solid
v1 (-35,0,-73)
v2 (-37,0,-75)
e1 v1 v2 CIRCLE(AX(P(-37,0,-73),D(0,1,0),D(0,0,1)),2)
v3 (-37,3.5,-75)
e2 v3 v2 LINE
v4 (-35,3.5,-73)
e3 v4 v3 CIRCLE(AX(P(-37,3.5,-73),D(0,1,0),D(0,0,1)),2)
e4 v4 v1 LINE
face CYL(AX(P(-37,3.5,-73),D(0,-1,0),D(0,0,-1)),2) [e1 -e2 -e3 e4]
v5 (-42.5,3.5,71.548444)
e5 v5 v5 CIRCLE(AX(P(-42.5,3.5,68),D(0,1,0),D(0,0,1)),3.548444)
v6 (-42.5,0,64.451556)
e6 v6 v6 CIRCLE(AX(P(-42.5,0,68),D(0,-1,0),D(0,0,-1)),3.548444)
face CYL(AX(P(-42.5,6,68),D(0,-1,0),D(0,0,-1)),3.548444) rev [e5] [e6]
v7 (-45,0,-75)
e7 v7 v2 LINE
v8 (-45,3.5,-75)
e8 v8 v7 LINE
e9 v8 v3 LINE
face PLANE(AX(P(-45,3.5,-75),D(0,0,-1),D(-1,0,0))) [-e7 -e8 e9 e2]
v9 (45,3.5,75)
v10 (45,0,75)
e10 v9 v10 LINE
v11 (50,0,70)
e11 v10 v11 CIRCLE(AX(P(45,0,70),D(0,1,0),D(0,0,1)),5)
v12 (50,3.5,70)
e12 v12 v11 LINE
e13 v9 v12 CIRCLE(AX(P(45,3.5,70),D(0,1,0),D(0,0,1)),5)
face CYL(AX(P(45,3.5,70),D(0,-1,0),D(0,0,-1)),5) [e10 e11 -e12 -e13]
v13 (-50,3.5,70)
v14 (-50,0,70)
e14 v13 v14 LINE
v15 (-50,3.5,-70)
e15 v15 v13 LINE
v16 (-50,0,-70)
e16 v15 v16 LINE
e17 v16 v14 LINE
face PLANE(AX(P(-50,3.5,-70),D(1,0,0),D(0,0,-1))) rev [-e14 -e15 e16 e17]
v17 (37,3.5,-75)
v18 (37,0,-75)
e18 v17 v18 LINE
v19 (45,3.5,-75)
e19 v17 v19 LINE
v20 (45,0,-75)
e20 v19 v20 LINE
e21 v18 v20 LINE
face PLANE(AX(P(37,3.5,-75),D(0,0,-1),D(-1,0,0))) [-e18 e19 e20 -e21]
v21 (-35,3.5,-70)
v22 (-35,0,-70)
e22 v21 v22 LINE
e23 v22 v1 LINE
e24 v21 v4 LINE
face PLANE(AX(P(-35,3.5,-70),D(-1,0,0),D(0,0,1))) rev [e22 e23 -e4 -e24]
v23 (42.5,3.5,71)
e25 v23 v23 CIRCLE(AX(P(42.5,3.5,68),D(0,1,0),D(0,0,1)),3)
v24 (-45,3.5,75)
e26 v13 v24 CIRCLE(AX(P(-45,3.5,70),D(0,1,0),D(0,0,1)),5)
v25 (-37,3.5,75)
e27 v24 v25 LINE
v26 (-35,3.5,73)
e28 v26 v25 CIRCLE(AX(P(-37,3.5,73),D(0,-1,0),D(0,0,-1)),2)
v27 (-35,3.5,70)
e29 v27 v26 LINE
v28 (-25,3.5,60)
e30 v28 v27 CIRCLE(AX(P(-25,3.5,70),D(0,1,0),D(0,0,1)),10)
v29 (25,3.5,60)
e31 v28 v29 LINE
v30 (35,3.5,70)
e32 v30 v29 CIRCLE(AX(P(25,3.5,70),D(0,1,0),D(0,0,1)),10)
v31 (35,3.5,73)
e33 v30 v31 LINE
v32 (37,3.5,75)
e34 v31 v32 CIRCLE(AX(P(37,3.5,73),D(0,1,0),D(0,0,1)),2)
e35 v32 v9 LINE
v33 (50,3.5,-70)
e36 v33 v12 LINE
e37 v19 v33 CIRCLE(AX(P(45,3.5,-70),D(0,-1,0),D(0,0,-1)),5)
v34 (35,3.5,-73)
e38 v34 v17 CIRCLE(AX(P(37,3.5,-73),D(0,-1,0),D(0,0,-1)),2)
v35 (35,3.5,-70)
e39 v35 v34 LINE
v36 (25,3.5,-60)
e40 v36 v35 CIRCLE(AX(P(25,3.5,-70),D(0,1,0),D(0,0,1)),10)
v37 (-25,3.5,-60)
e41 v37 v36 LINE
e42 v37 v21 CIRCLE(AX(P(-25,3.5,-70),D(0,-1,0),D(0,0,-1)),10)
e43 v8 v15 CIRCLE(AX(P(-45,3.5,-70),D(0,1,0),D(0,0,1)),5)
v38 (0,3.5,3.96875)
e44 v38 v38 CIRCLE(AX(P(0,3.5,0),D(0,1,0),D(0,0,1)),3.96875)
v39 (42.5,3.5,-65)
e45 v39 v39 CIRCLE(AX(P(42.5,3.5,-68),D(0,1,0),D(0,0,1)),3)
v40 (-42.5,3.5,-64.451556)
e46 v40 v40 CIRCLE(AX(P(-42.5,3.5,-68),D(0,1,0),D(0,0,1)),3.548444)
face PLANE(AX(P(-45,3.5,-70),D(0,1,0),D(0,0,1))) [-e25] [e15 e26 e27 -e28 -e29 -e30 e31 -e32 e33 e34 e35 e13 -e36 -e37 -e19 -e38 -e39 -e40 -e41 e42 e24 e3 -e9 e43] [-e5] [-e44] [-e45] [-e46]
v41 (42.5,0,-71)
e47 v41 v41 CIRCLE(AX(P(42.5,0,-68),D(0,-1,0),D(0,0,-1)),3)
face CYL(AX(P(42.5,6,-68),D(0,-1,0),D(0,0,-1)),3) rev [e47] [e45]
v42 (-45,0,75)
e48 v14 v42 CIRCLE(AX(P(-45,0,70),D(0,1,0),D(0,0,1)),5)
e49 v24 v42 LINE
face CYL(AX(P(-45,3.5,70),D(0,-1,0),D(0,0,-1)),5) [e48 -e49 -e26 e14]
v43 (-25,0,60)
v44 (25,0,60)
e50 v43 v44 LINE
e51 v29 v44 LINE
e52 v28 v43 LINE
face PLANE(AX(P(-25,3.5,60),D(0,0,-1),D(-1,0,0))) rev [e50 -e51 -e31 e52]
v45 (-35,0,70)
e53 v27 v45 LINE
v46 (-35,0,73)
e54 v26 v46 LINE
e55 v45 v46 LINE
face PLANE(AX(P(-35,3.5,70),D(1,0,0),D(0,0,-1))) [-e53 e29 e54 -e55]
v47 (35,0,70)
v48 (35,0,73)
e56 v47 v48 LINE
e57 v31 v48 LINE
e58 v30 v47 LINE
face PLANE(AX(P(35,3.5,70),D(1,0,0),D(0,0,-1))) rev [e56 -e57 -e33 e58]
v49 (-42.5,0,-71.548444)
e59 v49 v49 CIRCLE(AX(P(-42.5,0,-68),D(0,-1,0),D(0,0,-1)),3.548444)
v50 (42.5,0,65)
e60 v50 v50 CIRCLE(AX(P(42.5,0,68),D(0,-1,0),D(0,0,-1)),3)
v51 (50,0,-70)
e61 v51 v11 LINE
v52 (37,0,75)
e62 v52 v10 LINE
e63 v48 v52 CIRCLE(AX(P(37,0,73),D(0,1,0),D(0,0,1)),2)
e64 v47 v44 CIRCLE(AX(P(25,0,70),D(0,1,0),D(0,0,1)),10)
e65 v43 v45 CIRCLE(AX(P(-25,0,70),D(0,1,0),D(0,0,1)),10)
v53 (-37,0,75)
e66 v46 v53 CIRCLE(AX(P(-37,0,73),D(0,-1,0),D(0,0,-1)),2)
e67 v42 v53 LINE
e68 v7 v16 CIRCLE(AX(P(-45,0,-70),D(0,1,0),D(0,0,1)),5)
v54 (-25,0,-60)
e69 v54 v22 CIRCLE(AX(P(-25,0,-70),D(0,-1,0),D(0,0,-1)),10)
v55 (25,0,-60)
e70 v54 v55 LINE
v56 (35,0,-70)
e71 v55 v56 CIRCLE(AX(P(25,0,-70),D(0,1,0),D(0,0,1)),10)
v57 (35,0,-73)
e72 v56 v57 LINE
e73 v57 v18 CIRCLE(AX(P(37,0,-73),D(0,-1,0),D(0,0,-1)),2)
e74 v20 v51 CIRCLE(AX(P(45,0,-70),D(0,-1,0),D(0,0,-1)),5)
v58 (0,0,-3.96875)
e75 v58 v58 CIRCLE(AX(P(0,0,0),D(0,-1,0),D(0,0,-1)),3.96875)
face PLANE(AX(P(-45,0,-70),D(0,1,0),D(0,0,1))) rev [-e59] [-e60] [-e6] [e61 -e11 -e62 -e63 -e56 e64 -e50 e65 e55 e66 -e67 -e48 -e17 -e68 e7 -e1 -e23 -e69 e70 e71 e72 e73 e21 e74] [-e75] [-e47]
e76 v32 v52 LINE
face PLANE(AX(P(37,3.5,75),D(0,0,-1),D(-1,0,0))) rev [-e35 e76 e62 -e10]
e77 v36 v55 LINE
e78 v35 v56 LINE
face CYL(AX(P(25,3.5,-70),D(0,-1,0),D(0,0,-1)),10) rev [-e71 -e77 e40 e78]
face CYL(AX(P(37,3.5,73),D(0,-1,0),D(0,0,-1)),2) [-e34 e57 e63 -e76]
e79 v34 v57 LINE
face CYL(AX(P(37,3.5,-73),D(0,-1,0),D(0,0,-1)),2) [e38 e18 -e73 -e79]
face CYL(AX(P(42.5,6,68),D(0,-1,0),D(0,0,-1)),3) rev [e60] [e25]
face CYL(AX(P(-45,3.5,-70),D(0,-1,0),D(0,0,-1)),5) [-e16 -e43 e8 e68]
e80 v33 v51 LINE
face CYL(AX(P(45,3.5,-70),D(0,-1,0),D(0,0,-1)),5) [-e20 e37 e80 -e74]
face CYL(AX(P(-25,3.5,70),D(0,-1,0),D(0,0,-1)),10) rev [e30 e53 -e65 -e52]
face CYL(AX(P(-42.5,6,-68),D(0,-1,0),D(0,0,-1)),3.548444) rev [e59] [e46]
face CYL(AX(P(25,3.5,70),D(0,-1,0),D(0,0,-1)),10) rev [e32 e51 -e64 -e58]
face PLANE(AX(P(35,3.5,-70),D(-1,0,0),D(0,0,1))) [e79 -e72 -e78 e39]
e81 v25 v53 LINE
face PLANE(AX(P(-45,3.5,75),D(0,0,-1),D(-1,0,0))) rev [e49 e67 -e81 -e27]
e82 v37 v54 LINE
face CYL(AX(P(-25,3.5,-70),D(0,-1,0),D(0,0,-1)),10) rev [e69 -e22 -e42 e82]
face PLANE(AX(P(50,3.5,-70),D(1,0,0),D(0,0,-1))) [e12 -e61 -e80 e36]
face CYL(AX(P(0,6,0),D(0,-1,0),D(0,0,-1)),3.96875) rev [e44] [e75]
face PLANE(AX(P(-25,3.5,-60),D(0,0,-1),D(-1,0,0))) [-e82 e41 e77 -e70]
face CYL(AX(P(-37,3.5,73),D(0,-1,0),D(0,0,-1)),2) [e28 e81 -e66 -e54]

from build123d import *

# Parameters (mm, degrees)
BOSS_EXTRUDE1_DEPTH = 3.5
SKETCH2_R           = 3.96875
SKETCH2_R_2         = 3
SKETCH2_R_3         = 3.54844416
CUT_EXTRUDE3_DEPTH  = 6


with BuildPart() as part:
    # Sketch1 → Boss-Extrude1 (new body)
    with BuildSketch(Plane(origin=(0, 0, 0), x_dir=(1, 0, 0), z_dir=(0, 1, 0))):
        with BuildLine():
            Line((-25, 60), (25, 60))
            ThreePointArc((25, 60), (32.071067812, 62.928932188), (35, 70))
            Line((35, 70), (35, 73))
            ThreePointArc((35, 73), (35.585786438, 74.414213562), (37, 75))
            Line((37, 75), (45, 75))
            ThreePointArc((45, 75), (48.535533906, 73.535533906), (50, 70))
            Line((50, 70), (50, -70))
            ThreePointArc((50, -70), (48.535533906, -73.535533906), (45, -75))
            Line((45, -75), (37, -75))
            ThreePointArc((37, -75), (35.585786438, -74.414213562), (35, -73))
            Line((35, -73), (35, -70))
            ThreePointArc((35, -70), (32.071067812, -62.928932188), (25, -60))
            Line((25, -60), (-25, -60))
            ThreePointArc((-25, -60), (-32.071067812, -62.928932188), (-35, -70))
            Line((-35, -70), (-35, -73))
            ThreePointArc((-35, -73), (-35.585786438, -74.414213562), (-37, -75))
            Line((-37, -75), (-45, -75))
            ThreePointArc((-45, -75), (-48.535533906, -73.535533906), (-50, -70))
            Line((-50, -70), (-50, 70))
            ThreePointArc((-50, 70), (-48.535533906, 73.535533906), (-45, 75))
            Line((-45, 75), (-37, 75))
            ThreePointArc((-37, 75), (-35.585786438, 74.414213562), (-35, 73))
            Line((-35, 73), (-35, 70))
            ThreePointArc((-35, 70), (-32.071067812, 62.928932188), (-25, 60))
        make_face()
    extrude(amount=BOSS_EXTRUDE1_DEPTH)

    # Sketch2 → Cut-Extrude3 (cut)
    with BuildSketch(Plane.XZ):
        with Locations(Location((0, 0, 0), (0, 0, 270))):
            Circle(SKETCH2_R)
        with Locations(Location((42.5, -68, 0), (0, 0, 270))):
            Circle(SKETCH2_R_2)
        with Locations(Location((-42.5, -68, 0), (0, 0, 270))):
            Circle(SKETCH2_R_3)
        with Locations(Location((42.5, 68, 0), (0, 0, 270))):
            Circle(SKETCH2_R_2)
        with Locations(Location((-42.5, 68, 0), (0, 0, 270))):
            Circle(SKETCH2_R_3)
    extrude(amount=-CUT_EXTRUDE3_DEPTH, mode=Mode.SUBTRACT)


solid = part.part
